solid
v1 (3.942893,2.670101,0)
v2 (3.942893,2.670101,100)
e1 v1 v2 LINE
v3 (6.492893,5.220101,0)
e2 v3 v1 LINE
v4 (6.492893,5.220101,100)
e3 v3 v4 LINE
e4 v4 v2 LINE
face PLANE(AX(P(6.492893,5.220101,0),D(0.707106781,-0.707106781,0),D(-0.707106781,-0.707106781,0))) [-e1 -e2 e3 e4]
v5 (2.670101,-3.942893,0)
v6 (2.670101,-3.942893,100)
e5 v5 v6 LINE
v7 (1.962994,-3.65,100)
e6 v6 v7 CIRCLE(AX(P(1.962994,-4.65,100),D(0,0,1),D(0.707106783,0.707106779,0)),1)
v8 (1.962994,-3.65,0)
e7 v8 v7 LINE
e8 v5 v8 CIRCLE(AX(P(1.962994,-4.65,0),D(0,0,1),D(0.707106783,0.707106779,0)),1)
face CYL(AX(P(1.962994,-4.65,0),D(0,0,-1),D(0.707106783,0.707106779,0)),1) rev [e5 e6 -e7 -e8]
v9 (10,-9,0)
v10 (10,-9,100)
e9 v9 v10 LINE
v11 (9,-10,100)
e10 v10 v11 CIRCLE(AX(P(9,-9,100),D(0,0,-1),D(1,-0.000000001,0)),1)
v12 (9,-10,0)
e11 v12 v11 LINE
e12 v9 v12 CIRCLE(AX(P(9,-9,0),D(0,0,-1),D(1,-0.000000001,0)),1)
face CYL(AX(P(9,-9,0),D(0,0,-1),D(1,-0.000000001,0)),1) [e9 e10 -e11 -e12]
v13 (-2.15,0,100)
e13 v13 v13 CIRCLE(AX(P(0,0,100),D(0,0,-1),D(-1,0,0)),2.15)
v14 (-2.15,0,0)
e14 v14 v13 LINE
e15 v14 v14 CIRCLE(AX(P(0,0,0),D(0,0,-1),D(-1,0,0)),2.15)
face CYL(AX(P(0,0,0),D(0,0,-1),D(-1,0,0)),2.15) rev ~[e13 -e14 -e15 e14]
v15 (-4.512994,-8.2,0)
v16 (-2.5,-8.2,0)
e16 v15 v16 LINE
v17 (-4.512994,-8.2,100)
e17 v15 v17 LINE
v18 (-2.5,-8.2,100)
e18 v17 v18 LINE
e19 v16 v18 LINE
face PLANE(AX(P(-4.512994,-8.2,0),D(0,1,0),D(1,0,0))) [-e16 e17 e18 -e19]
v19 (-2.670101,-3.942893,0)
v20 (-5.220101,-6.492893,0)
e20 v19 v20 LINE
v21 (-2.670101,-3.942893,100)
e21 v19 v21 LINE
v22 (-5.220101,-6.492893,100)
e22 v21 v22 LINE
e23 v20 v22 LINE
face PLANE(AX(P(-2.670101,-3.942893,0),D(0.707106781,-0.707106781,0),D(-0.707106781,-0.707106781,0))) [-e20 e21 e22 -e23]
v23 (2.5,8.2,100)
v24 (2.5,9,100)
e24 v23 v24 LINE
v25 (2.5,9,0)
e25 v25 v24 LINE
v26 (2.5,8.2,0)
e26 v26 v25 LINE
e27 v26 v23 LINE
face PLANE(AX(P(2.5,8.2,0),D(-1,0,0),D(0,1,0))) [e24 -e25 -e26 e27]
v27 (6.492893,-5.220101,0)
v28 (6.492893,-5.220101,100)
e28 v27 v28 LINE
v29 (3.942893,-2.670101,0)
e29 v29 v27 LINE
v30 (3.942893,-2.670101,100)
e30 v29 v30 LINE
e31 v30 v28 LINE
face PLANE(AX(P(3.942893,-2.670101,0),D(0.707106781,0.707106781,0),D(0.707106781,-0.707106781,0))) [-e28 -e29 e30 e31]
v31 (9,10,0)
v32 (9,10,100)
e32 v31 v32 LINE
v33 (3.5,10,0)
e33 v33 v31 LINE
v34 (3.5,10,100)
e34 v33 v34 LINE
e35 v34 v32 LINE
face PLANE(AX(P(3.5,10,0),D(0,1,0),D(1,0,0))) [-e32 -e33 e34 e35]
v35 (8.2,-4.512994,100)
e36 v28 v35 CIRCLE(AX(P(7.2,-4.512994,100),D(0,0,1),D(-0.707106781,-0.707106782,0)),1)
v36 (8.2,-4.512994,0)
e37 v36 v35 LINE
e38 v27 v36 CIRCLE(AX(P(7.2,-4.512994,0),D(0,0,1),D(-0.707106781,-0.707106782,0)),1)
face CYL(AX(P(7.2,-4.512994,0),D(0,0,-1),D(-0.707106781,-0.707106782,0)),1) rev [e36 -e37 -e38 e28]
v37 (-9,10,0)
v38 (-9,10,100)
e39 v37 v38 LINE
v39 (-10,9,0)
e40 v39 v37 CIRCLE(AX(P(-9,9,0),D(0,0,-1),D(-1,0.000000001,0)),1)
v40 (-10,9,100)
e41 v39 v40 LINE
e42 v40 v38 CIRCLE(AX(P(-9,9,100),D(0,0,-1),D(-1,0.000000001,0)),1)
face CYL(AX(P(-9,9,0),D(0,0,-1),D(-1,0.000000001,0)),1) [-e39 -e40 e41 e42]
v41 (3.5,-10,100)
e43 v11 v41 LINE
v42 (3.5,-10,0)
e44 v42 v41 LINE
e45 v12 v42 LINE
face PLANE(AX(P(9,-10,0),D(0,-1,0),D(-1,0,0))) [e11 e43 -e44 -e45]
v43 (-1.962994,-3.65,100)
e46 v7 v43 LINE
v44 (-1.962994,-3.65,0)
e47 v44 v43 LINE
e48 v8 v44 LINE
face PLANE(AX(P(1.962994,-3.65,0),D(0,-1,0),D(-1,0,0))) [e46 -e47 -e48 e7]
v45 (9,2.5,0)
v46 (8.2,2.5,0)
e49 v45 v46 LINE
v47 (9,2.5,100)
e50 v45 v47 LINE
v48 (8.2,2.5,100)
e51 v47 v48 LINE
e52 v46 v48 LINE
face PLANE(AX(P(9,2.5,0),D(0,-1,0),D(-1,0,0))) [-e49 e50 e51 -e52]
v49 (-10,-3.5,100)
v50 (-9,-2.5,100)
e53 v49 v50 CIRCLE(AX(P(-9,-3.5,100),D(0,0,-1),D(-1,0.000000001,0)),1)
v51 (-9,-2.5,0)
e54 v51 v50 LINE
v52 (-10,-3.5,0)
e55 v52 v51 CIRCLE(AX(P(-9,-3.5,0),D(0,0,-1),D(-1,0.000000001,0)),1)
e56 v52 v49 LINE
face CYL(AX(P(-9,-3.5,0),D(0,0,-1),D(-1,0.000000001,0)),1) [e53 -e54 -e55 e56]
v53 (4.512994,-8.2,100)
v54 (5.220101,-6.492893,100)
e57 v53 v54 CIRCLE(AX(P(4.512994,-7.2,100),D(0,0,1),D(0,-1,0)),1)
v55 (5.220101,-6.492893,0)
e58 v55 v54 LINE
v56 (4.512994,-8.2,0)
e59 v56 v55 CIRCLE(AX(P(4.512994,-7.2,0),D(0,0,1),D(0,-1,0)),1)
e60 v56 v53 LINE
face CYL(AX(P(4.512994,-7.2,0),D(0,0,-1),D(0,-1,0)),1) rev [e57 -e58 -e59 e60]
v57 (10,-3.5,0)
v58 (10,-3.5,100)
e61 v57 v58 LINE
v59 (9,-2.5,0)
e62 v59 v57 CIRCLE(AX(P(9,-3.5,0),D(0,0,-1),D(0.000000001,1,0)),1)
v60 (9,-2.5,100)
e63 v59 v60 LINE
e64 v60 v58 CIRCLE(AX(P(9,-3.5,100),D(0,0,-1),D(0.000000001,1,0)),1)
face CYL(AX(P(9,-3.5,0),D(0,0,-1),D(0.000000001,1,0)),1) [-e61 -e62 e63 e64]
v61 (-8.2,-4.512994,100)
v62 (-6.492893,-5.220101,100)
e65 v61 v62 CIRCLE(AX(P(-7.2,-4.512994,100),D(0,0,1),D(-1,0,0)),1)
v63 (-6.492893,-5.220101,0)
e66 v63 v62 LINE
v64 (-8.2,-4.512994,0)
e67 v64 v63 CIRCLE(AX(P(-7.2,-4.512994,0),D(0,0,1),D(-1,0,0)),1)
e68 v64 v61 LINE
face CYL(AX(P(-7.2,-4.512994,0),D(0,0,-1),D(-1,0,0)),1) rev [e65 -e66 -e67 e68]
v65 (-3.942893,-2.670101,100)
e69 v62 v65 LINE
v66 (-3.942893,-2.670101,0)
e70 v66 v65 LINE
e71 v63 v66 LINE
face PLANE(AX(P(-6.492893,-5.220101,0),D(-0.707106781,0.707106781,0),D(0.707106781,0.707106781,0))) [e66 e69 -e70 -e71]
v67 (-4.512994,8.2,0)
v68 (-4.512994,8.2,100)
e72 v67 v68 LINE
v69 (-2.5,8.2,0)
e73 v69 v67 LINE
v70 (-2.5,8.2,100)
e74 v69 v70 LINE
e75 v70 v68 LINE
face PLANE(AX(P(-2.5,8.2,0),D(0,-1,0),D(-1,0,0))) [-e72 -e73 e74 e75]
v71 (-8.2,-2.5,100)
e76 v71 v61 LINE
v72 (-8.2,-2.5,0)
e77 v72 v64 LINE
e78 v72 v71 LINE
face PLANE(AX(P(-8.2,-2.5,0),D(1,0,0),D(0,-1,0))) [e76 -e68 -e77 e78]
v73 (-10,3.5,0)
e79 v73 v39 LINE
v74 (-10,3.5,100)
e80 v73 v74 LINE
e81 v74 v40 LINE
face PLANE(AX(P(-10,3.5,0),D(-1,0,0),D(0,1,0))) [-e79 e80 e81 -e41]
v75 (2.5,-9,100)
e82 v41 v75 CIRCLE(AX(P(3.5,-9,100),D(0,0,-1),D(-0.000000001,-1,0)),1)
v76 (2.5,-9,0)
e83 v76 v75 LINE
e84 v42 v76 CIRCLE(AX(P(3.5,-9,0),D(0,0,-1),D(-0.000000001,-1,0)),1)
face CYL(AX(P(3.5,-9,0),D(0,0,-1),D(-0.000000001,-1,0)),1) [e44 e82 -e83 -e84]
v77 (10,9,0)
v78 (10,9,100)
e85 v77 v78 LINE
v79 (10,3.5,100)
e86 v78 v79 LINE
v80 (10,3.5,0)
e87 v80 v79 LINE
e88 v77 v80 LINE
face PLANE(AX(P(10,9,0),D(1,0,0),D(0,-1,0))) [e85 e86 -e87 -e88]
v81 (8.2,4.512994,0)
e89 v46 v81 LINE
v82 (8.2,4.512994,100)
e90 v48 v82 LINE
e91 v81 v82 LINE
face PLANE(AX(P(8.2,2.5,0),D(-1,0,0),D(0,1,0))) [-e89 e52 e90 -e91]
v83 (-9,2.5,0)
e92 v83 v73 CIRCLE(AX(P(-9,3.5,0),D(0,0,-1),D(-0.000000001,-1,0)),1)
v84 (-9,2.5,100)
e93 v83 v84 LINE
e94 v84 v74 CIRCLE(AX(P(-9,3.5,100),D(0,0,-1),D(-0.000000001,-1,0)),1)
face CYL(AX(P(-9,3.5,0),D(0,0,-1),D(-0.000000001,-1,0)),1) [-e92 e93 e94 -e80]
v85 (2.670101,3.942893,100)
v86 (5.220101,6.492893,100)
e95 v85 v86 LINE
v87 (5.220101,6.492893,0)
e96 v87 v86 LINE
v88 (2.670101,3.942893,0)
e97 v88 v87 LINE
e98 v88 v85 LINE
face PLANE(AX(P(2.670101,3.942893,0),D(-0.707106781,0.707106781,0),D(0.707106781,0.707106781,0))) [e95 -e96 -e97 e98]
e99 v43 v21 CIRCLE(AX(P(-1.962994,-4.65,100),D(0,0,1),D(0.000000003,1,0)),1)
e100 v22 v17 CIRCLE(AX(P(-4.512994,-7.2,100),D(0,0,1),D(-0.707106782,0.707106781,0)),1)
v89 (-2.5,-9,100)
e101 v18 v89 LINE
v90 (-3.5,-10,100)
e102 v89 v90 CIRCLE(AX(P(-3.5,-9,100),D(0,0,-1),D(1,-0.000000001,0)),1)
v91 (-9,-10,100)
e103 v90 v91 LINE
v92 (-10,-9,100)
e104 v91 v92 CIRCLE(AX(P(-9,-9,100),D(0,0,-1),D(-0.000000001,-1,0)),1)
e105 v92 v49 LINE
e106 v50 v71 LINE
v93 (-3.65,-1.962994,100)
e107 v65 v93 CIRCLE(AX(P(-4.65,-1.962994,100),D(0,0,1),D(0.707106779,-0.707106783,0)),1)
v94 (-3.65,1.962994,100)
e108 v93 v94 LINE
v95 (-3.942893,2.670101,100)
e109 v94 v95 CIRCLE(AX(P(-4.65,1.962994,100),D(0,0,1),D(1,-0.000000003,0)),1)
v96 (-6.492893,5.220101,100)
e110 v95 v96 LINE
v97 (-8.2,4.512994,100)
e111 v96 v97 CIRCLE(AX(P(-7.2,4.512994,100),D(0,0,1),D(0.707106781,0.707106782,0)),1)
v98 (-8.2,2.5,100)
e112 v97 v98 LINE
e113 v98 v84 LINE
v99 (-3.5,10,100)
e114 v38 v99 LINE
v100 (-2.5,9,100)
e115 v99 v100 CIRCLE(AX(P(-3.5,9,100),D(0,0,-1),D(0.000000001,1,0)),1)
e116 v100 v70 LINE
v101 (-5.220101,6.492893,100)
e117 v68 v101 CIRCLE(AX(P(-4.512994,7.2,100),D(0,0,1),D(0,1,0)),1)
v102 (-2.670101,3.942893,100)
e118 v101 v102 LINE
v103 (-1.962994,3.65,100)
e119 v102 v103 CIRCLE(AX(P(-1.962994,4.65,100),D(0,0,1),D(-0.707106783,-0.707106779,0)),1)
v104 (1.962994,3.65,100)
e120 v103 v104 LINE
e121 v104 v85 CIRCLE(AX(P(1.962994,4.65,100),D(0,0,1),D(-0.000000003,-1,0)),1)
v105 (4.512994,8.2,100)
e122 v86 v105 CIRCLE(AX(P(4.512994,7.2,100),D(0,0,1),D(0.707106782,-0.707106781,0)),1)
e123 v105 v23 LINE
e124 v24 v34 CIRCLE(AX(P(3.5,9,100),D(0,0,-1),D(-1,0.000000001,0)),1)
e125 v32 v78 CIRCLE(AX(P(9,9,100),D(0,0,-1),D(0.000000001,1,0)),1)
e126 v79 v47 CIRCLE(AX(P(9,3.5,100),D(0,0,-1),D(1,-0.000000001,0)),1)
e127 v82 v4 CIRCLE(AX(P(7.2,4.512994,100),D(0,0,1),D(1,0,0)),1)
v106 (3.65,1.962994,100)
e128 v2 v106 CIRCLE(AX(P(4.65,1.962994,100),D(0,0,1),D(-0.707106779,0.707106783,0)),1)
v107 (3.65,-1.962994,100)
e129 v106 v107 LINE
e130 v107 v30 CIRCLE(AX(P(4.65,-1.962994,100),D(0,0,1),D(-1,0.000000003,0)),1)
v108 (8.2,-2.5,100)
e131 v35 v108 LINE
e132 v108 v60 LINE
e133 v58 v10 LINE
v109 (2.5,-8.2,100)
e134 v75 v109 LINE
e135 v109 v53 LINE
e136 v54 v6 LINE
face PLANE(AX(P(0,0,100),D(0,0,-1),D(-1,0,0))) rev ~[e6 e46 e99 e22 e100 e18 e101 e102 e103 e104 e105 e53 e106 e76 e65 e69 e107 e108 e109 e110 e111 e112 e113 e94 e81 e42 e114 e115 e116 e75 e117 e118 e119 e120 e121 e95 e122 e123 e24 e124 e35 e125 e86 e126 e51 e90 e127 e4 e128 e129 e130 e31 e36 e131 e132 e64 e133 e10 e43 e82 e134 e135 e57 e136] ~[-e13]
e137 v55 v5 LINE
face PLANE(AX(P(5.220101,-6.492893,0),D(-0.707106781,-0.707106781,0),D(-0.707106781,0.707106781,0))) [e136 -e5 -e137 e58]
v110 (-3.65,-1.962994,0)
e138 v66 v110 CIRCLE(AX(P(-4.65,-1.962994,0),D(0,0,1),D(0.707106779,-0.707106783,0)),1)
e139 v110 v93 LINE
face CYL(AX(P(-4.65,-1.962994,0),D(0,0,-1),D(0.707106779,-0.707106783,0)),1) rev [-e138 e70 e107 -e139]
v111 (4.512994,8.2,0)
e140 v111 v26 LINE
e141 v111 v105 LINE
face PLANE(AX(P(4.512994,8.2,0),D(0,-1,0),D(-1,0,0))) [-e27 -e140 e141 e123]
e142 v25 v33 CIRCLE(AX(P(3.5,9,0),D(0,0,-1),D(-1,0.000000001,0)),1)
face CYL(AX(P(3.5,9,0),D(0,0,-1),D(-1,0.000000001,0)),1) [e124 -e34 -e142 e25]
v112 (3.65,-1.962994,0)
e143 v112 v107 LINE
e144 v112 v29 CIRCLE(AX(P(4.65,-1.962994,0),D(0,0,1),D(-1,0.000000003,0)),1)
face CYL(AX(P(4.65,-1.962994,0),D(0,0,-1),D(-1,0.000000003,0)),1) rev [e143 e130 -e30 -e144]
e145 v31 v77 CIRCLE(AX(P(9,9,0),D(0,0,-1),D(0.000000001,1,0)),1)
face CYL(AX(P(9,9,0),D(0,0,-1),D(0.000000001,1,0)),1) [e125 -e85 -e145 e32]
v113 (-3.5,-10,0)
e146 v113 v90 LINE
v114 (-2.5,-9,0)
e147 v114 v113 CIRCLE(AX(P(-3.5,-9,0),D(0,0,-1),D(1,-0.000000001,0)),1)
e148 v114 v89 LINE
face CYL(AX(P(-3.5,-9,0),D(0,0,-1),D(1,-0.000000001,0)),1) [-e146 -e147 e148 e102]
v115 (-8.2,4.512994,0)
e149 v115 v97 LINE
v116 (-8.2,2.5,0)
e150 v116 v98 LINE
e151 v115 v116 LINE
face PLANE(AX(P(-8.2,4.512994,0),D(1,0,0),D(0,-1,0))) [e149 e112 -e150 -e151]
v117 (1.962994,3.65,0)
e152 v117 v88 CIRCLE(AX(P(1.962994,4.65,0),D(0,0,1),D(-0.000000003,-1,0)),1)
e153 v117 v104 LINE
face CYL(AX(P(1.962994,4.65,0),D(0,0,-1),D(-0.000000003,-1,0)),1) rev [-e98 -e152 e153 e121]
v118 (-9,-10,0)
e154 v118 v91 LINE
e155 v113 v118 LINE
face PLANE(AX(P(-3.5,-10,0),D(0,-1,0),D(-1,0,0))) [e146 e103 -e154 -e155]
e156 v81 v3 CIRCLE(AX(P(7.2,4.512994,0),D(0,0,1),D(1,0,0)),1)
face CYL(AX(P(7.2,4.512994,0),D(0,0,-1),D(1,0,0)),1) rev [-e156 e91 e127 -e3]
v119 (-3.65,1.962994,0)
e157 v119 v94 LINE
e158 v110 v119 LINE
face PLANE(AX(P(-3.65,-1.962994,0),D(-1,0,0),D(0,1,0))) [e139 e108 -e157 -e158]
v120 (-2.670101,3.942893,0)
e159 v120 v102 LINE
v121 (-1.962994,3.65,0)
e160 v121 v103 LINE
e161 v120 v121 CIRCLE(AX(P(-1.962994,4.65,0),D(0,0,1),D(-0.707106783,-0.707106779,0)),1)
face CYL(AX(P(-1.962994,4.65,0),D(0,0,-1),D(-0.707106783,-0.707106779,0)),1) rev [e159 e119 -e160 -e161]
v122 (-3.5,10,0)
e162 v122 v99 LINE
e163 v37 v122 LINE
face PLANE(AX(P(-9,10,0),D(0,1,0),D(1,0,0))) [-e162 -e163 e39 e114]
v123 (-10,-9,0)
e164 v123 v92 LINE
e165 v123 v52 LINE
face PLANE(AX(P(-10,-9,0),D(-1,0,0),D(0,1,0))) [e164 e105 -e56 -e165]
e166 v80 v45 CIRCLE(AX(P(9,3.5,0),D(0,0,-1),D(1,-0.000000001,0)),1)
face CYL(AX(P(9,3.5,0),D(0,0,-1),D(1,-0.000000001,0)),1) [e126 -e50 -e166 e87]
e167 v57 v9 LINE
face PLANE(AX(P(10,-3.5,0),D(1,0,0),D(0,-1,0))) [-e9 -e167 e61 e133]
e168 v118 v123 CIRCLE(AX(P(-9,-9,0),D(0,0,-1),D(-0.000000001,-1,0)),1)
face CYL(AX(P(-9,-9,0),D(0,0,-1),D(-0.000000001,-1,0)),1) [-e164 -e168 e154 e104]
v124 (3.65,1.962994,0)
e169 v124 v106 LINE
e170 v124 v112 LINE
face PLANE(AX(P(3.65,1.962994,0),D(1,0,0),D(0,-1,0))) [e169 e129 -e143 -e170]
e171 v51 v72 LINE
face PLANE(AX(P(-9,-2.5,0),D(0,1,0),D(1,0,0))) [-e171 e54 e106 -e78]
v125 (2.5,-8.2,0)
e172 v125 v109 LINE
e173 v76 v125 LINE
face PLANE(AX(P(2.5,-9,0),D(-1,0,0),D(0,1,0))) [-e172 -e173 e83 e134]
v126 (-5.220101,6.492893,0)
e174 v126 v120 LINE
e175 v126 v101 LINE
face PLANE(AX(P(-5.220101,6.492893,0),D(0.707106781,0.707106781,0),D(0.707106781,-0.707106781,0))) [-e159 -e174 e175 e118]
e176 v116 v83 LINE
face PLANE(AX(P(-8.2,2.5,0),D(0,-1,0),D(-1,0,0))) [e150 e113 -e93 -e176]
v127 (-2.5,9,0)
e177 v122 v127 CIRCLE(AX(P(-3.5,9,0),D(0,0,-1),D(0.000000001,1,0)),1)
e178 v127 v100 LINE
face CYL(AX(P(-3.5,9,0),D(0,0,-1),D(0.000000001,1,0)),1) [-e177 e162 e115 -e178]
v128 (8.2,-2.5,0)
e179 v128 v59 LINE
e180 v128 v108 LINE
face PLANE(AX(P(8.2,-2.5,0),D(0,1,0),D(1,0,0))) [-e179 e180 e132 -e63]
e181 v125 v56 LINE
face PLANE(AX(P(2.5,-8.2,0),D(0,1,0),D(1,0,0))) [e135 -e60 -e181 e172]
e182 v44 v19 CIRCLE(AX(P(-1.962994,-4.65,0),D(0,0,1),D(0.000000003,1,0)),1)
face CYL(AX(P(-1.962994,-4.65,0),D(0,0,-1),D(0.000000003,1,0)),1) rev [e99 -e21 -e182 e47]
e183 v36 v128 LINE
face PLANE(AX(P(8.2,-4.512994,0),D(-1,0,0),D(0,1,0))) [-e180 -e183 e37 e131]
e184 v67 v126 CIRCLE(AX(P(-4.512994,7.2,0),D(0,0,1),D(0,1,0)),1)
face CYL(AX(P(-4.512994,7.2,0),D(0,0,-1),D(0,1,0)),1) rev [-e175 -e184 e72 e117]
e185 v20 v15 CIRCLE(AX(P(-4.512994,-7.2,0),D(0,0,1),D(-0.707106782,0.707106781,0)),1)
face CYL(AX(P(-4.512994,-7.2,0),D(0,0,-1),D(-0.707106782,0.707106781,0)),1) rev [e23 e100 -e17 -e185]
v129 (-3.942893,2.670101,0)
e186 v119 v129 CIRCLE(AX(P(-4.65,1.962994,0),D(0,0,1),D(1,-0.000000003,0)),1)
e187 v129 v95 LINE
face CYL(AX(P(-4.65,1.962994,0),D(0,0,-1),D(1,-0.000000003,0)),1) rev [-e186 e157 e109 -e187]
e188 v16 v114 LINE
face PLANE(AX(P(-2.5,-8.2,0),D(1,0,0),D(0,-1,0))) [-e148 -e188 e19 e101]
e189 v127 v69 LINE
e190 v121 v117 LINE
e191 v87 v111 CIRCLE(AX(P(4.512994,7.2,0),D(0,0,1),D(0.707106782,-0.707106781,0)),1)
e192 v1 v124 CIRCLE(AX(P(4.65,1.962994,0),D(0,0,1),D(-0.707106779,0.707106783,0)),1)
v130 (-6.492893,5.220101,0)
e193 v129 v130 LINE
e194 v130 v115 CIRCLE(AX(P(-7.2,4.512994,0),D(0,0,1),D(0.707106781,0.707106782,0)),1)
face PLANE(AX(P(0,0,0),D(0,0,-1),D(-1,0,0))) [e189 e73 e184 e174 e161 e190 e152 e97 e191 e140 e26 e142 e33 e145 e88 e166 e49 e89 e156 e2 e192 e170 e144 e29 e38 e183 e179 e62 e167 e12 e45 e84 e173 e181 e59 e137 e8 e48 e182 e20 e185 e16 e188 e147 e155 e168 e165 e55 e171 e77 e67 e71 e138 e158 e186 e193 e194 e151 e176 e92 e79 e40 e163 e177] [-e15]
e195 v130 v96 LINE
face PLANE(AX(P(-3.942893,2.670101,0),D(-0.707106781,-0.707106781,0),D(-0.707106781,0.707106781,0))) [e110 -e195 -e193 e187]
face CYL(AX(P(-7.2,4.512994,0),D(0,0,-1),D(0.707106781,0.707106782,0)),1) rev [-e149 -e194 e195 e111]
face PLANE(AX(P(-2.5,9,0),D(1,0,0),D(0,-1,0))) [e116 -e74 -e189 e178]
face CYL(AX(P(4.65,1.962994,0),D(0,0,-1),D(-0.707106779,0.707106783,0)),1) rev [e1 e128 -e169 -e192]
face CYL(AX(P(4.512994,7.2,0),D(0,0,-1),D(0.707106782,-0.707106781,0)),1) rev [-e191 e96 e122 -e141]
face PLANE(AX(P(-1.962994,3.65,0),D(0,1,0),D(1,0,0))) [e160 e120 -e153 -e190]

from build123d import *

# Parameters (mm, degrees)
SCHIZZO1_R                   = 2.15
ESTRUSIONE_ESTRUSIONE1_DEPTH = 100


with BuildPart() as part:
    # Schizzo1 → Estrusione-Estrusione1 (new body)
    with BuildSketch(Plane(origin=(0, 0, 0), x_dir=(-1, 0, 0), z_dir=(0, 0, -1))):
        with BuildLine():
            Line((8.2, 2.5), (9, 2.5))
            ThreePointArc((9, 2.5), (9.707106781, 2.792893219), (10, 3.5))
            Line((10, 3.5), (10, 9))
            ThreePointArc((10, 9), (9.707106781, 9.707106781), (9, 10))
            Line((9, 10), (3.5, 10))
            ThreePointArc((3.5, 10), (2.792893219, 9.707106781), (2.5, 9))
            Line((2.5, 9), (2.5, 8.2))
            Line((2.5, 8.2), (4.512994231, 8.2))
            ThreePointArc((4.512994231, 8.2), (5.436873764, 7.582683432), (5.220101013, 6.492893219))
            Line((5.220101013, 6.492893219), (2.670101013, 3.942893219))
            ThreePointArc((2.670101013, 3.942893219), (2.345677664, 3.726120467), (1.962994231, 3.65))
            Line((1.962994231, 3.65), (-1.962994231, 3.65))
            ThreePointArc((-1.962994231, 3.65), (-2.345677664, 3.726120467), (-2.670101013, 3.942893219))
            Line((-2.670101013, 3.942893219), (-5.220101013, 6.492893219))
            ThreePointArc((-5.220101013, 6.492893219), (-5.436873764, 7.582683432), (-4.512994231, 8.2))
            Line((-4.512994231, 8.2), (-2.5, 8.2))
            Line((-2.5, 8.2), (-2.5, 9))
            ThreePointArc((-2.5, 9), (-2.792893219, 9.707106781), (-3.5, 10))
            Line((-3.5, 10), (-9, 10))
            ThreePointArc((-9, 10), (-9.707106781, 9.707106781), (-10, 9))
            Line((-10, 9), (-10, 3.5))
            ThreePointArc((-10, 3.5), (-9.707106781, 2.792893219), (-9, 2.5))
            Line((-9, 2.5), (-8.2, 2.5))
            Line((-8.2, 2.5), (-8.2, 4.512994231))
            ThreePointArc((-8.2, 4.512994231), (-7.582683432, 5.436873764), (-6.492893219, 5.220101013))
            Line((-6.492893219, 5.220101013), (-3.942893219, 2.670101013))
            ThreePointArc((-3.942893219, 2.670101013), (-3.726120467, 2.345677664), (-3.65, 1.962994231))
            Line((-3.65, 1.962994231), (-3.65, -1.962994231))
            ThreePointArc((-3.65, -1.962994231), (-3.726120467, -2.345677664), (-3.942893219, -2.670101013))
            Line((-3.942893219, -2.670101013), (-6.492893219, -5.220101013))
            ThreePointArc((-6.492893219, -5.220101013), (-7.582683432, -5.436873764), (-8.2, -4.512994231))
            Line((-8.2, -4.512994231), (-8.2, -2.5))
            Line((-8.2, -2.5), (-9, -2.5))
            ThreePointArc((-9, -2.5), (-9.707106781, -2.792893219), (-10, -3.5))
            Line((-10, -3.5), (-10, -9))
            ThreePointArc((-10, -9), (-9.707106781, -9.707106781), (-9, -10))
            Line((-9, -10), (-3.5, -10))
            ThreePointArc((-3.5, -10), (-2.792893219, -9.707106781), (-2.5, -9))
            Line((-2.5, -9), (-2.5, -8.2))
            Line((-2.5, -8.2), (-4.512994231, -8.2))
            ThreePointArc((-4.512994231, -8.2), (-5.436873764, -7.582683432), (-5.220101013, -6.492893219))
            Line((-5.220101013, -6.492893219), (-2.670101013, -3.942893219))
            ThreePointArc((-2.670101013, -3.942893219), (-2.345677664, -3.726120467), (-1.962994231, -3.65))
            Line((-1.962994231, -3.65), (1.962994231, -3.65))
            ThreePointArc((1.962994231, -3.65), (2.345677664, -3.726120467), (2.670101013, -3.942893219))
            Line((2.670101013, -3.942893219), (5.220101013, -6.492893219))
            ThreePointArc((5.220101013, -6.492893219), (5.436873764, -7.582683432), (4.512994231, -8.2))
            Line((4.512994231, -8.2), (2.5, -8.2))
            Line((2.5, -8.2), (2.5, -9))
            ThreePointArc((2.5, -9), (2.792893219, -9.707106781), (3.5, -10))
            Line((3.5, -10), (9, -10))
            ThreePointArc((9, -10), (9.707106781, -9.707106781), (10, -9))
            Line((10, -9), (10, -3.5))
            ThreePointArc((10, -3.5), (9.707106781, -2.792893219), (9, -2.5))
            Line((9, -2.5), (8.2, -2.5))
            Line((8.2, -2.5), (8.2, -4.512994231))
            ThreePointArc((8.2, -4.512994231), (7.582683432, -5.436873764), (6.492893219, -5.220101013))
            Line((6.492893219, -5.220101013), (3.942893219, -2.670101013))
            ThreePointArc((3.942893219, -2.670101013), (3.726120467, -2.345677664), (3.65, -1.962994231))
            Line((3.65, -1.962994231), (3.65, 1.962994231))
            ThreePointArc((3.65, 1.962994231), (3.726120467, 2.345677664), (3.942893219, 2.670101013))
            Line((3.942893219, 2.670101013), (6.492893219, 5.220101013))
            ThreePointArc((6.492893219, 5.220101013), (7.582683432, 5.436873764), (8.2, 4.512994231))
            Line((8.2, 4.512994231), (8.2, 2.5))
        make_face()
        Circle(SCHIZZO1_R, mode=Mode.SUBTRACT)
    extrude(amount=-ESTRUSIONE_ESTRUSIONE1_DEPTH)


solid = part.part
